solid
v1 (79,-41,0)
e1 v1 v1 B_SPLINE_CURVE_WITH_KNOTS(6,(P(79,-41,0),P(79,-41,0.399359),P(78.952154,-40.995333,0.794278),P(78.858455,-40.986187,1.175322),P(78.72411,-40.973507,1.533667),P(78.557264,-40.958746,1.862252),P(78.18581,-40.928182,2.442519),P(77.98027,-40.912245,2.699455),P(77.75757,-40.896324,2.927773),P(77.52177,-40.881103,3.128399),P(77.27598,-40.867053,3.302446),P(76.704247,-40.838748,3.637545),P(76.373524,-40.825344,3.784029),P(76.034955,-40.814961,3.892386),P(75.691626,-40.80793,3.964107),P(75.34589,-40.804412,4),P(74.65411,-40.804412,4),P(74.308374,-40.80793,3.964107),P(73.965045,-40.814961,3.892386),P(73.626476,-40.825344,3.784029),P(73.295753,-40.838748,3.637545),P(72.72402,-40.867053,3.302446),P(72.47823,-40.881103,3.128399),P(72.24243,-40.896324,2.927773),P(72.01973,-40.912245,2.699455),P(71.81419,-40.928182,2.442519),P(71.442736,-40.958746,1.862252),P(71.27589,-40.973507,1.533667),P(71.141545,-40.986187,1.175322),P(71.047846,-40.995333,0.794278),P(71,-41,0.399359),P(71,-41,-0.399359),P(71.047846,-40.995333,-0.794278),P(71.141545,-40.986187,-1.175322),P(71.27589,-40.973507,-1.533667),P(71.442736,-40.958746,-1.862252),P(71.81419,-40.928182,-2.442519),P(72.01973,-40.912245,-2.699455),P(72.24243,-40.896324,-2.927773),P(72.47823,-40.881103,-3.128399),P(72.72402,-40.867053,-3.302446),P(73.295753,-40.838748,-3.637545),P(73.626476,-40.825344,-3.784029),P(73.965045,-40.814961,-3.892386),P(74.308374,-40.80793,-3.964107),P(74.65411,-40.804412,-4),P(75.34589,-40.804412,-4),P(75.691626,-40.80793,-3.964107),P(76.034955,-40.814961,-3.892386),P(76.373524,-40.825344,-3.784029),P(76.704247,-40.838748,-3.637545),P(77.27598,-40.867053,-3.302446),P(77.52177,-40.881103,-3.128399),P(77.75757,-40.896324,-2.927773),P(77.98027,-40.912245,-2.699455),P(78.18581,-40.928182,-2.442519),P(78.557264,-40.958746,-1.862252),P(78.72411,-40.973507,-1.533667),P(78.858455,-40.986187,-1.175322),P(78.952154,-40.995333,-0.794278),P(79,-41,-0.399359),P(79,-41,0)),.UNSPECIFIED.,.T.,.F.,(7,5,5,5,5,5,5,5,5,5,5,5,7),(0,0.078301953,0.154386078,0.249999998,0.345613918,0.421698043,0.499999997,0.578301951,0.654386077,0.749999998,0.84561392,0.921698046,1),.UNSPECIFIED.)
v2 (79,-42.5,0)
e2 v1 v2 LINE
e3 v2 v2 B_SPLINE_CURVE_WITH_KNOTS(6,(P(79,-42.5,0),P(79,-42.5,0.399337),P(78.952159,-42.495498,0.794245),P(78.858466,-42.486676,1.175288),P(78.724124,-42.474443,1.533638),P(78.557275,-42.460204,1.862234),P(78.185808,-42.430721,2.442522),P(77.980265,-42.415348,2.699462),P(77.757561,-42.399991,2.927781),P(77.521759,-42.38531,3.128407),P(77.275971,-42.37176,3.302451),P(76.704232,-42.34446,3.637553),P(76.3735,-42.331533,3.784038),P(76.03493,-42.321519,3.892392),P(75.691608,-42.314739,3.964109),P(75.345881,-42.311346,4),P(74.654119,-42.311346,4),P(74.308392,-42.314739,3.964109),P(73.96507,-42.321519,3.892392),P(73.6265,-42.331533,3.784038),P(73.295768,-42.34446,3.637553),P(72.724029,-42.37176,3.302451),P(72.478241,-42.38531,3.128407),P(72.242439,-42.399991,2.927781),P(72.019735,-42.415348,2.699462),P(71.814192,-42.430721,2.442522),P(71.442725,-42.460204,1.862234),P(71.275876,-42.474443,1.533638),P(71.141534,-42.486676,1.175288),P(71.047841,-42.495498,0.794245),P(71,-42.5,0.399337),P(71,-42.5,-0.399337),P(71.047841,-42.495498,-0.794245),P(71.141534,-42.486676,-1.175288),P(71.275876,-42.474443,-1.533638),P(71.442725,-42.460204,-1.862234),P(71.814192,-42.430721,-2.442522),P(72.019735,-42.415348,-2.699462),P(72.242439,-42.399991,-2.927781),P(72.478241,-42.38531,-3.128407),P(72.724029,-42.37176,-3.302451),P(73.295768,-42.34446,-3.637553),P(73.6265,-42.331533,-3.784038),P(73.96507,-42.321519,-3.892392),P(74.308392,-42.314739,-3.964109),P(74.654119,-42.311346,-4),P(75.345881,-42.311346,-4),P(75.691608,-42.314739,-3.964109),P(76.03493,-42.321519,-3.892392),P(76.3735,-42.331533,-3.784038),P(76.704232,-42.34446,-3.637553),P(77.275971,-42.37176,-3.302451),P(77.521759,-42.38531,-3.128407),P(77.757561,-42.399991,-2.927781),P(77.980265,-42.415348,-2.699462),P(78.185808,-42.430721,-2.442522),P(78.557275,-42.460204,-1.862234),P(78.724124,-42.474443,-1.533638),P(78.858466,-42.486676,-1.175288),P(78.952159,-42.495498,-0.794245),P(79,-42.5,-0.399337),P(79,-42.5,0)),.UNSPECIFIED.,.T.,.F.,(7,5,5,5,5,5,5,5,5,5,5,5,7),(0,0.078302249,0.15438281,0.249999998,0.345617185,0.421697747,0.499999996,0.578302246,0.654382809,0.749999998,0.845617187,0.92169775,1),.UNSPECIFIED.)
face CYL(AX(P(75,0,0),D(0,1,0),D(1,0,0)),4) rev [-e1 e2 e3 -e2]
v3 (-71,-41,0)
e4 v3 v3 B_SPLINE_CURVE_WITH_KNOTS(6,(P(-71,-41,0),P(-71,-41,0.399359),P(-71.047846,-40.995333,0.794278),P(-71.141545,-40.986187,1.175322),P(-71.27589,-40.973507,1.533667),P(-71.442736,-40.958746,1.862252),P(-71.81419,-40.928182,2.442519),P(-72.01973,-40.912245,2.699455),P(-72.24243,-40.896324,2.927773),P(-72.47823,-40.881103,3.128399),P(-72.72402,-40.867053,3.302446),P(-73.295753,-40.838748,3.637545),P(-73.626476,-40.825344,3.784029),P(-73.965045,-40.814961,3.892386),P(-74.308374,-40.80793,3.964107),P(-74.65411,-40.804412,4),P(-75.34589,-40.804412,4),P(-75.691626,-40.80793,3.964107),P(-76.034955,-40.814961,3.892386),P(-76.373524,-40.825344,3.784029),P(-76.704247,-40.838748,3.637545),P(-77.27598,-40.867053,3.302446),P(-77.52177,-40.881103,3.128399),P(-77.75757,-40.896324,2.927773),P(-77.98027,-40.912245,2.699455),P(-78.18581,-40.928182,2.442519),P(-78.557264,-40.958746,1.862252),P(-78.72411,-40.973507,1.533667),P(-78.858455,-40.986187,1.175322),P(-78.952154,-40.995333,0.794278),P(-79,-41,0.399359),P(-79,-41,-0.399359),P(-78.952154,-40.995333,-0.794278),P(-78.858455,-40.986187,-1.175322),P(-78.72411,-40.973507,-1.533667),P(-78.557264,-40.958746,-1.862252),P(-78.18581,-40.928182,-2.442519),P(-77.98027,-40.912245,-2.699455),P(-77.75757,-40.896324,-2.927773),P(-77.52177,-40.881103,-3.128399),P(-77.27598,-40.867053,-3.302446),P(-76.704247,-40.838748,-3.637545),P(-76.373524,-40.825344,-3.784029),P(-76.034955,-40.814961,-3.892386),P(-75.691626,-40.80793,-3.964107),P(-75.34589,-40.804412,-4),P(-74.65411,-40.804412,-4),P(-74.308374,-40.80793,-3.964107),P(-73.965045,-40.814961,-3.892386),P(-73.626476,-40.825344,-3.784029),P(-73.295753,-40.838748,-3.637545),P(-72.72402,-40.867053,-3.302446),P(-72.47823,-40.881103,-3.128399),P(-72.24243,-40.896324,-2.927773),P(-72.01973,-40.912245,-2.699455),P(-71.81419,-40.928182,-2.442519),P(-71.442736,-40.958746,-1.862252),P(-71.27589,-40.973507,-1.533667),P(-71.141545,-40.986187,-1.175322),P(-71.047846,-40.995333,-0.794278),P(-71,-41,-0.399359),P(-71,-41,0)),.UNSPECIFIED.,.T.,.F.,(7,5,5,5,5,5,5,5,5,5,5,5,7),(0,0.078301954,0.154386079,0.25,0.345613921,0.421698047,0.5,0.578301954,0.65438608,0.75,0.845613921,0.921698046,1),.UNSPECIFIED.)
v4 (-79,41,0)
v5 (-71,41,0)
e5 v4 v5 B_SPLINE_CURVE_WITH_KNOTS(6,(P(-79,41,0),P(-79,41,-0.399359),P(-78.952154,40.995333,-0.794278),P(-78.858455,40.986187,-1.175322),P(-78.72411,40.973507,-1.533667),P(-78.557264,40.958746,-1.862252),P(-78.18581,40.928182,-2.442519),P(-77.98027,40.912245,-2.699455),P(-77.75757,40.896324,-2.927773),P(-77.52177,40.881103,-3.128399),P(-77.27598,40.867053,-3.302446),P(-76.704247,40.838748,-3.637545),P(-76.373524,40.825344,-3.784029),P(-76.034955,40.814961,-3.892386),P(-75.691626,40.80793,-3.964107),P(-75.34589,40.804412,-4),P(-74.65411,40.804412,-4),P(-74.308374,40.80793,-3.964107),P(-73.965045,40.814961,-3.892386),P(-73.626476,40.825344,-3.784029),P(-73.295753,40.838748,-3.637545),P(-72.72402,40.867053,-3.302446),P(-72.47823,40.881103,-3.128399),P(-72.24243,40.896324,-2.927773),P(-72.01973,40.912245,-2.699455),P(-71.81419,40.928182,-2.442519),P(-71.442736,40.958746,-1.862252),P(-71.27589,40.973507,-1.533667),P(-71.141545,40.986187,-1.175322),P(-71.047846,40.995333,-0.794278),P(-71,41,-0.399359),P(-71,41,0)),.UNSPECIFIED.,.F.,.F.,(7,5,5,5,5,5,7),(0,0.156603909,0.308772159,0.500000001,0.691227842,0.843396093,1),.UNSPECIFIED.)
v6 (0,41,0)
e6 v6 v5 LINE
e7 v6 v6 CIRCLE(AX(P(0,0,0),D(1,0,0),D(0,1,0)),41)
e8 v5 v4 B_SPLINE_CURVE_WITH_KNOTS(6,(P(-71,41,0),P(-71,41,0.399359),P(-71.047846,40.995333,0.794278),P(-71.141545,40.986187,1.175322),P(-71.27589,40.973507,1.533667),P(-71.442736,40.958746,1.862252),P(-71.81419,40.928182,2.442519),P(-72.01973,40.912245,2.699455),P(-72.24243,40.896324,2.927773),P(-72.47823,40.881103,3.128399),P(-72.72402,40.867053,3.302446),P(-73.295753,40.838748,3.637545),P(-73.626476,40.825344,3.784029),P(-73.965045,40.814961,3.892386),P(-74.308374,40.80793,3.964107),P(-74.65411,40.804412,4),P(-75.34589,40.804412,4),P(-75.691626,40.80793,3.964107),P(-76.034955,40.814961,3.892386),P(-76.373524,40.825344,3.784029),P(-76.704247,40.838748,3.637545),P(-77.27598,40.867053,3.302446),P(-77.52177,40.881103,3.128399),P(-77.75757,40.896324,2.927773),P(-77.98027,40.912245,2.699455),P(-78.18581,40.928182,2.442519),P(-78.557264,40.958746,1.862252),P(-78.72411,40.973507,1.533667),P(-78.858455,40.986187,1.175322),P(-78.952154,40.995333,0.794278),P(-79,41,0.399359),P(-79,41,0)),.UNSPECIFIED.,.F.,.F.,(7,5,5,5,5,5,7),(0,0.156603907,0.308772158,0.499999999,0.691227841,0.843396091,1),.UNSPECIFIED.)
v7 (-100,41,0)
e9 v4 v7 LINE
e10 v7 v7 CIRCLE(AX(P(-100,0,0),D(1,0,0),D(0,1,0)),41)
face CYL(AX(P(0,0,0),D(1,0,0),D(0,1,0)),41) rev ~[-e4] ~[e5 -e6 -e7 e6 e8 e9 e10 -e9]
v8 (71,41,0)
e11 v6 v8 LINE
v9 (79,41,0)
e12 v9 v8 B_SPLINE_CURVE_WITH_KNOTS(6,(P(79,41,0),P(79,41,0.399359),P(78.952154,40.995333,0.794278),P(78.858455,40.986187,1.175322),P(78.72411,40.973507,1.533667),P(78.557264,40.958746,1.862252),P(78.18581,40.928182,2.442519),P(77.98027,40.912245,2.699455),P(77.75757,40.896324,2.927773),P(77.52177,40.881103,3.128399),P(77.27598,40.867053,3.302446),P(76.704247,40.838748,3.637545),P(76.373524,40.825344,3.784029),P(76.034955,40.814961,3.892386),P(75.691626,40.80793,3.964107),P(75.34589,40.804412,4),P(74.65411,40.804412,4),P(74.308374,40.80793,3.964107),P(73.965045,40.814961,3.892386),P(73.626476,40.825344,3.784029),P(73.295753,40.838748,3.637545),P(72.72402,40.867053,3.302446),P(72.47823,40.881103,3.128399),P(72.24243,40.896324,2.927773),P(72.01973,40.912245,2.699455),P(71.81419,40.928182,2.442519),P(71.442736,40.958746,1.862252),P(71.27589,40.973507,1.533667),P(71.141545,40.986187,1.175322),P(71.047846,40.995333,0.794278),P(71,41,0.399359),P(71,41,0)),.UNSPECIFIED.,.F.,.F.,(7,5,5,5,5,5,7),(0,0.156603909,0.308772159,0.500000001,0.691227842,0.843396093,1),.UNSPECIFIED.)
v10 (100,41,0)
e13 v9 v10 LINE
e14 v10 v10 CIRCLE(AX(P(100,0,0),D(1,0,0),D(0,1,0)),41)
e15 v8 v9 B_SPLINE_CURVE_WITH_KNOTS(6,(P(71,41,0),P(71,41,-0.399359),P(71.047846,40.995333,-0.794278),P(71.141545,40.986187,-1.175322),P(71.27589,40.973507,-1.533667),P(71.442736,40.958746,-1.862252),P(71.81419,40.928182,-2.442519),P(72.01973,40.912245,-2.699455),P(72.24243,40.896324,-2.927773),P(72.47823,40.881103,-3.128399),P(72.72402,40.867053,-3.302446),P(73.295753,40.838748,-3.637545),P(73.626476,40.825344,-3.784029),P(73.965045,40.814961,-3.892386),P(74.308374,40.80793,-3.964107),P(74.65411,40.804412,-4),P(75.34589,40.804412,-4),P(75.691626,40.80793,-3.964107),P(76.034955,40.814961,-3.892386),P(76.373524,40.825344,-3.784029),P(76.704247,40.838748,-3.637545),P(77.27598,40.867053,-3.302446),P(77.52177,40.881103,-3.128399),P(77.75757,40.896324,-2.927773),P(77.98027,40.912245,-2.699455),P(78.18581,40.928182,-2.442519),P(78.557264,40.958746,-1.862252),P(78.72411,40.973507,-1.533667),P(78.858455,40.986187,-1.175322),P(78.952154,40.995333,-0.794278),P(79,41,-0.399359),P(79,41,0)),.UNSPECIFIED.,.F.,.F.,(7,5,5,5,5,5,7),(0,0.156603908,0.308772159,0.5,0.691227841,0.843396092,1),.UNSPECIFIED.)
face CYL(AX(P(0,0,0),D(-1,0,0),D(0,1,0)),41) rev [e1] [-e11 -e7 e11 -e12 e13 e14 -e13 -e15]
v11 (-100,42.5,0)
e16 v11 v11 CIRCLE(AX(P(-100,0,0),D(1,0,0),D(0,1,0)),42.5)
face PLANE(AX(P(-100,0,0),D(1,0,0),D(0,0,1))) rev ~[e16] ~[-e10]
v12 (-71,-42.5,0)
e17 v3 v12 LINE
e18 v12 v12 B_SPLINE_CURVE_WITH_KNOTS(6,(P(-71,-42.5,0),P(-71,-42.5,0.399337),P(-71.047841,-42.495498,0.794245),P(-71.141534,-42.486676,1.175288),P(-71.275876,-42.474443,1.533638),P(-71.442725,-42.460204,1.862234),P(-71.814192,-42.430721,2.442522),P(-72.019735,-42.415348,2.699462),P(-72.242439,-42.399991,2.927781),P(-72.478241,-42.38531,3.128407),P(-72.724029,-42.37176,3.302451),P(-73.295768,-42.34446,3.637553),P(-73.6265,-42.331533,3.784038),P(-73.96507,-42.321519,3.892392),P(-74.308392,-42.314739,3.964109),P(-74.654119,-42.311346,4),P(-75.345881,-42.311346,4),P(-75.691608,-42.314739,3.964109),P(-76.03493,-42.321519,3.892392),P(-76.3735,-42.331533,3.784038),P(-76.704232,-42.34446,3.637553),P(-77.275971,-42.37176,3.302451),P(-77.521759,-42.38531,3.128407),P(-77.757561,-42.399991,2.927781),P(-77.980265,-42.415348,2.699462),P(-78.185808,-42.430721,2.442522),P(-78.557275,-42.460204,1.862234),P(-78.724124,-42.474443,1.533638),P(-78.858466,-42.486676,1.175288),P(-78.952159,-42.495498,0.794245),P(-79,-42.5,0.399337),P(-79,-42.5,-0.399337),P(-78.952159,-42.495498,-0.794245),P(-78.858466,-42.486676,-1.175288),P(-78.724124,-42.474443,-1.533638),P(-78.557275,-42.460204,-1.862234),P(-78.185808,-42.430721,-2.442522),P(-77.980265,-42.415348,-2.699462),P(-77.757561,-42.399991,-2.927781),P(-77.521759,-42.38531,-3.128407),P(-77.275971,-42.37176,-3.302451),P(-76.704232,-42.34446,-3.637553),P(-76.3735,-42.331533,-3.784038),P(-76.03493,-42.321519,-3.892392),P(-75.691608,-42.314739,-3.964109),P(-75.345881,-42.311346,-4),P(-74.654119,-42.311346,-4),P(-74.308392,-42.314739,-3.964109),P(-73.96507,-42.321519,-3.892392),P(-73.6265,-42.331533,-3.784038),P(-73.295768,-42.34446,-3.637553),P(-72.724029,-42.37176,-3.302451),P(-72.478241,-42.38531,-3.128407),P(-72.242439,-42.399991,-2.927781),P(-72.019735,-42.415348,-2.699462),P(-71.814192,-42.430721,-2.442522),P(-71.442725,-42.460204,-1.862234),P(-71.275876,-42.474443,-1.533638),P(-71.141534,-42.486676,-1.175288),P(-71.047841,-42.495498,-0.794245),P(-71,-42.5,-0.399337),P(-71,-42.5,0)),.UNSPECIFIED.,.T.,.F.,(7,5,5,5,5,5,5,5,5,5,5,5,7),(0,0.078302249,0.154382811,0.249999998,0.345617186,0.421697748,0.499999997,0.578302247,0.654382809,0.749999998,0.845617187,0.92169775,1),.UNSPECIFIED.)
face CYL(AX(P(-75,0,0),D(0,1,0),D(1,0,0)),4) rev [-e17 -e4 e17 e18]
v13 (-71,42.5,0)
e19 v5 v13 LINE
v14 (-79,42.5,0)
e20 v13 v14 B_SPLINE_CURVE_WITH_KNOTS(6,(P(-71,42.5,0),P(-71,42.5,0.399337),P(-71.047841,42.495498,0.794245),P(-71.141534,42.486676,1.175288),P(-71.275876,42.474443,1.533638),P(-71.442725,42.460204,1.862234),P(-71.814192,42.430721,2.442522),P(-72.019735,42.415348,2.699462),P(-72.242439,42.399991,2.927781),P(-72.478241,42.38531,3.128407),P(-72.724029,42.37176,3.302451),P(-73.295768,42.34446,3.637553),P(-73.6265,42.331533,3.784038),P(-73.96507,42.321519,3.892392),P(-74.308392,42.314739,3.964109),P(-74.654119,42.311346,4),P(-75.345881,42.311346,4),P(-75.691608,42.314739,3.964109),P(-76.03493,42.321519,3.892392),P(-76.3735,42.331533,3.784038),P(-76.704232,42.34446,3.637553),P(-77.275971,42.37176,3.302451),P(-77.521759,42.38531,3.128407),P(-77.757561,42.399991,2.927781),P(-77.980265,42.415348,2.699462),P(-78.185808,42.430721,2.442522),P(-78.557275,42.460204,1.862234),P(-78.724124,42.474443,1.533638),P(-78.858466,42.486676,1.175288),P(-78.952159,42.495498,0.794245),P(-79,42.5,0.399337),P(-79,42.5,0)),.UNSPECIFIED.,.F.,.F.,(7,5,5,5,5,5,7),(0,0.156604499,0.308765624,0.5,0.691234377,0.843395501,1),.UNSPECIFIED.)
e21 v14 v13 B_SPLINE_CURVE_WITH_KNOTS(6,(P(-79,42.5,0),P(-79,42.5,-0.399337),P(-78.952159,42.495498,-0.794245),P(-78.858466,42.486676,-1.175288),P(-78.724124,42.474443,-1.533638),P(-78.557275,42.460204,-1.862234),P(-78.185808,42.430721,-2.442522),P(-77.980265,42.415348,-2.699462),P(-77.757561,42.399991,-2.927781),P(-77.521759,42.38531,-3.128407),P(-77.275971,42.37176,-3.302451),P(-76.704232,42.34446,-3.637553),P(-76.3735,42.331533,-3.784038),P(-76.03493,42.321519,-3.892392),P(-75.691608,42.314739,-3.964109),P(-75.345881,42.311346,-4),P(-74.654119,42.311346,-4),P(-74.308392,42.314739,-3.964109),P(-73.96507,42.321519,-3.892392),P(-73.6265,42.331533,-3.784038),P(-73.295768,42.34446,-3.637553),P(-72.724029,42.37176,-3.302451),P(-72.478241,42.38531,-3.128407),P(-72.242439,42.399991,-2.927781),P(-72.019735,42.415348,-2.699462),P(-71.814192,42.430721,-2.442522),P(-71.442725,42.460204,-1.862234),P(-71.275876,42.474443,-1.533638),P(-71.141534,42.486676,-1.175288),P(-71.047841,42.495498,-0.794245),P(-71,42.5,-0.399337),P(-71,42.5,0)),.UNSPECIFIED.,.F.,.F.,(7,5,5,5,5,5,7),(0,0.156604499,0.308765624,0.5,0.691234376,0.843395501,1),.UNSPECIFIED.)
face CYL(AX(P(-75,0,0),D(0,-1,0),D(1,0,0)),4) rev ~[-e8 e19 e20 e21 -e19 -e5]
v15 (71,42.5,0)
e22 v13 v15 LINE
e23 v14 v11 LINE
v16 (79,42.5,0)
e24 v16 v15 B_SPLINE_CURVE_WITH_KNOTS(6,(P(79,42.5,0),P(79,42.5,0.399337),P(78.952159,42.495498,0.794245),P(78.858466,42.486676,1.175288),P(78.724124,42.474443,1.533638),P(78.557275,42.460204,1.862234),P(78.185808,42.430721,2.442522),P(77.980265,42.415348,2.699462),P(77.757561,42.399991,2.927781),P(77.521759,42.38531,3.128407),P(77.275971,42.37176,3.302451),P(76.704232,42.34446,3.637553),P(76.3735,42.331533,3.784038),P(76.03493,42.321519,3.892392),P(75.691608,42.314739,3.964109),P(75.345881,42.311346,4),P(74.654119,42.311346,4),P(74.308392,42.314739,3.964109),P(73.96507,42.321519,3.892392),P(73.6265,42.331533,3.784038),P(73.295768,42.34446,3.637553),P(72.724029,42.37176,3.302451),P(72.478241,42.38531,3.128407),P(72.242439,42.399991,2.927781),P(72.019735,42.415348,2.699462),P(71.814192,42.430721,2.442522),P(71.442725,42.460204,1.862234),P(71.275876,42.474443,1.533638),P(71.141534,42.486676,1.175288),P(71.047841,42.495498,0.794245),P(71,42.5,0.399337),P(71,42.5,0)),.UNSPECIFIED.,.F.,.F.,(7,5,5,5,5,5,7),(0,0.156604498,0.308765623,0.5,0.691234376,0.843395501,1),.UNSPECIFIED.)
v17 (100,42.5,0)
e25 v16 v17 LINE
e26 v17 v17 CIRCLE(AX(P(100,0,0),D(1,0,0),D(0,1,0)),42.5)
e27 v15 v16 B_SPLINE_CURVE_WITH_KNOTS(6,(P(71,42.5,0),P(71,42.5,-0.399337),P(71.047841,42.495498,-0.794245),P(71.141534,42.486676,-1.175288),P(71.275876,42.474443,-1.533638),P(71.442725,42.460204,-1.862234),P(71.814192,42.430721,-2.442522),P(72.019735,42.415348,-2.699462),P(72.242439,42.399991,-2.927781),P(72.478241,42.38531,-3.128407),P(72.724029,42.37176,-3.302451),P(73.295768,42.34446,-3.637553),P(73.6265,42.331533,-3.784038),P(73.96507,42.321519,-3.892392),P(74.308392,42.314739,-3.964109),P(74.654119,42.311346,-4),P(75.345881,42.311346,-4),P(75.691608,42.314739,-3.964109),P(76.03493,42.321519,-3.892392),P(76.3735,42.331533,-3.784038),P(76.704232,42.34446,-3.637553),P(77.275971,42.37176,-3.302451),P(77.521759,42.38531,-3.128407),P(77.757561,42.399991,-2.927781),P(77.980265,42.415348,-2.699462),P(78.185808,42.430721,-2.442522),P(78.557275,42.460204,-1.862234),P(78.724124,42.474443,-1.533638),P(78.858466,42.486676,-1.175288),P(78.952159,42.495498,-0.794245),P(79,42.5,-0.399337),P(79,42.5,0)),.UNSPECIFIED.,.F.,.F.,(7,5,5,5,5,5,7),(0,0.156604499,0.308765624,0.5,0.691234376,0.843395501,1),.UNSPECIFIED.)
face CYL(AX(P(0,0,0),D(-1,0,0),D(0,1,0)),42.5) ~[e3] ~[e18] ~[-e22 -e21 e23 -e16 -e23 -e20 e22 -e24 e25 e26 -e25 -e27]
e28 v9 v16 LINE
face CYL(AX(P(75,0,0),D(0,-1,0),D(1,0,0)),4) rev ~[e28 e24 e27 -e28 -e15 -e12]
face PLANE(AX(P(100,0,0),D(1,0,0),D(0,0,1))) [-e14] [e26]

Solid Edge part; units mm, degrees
sketch "Sketch1" plane through (0, 0, 0) normal (1, 0, 0) x (0, 1, 0)
  circle A0 centre (0, 0) radius 42.5
extrude "Protrusion1" add sketch "Sketch1" along normal mid plane 200
sketch "Sketch2" plane through (0, 0, 0) normal (1, 0, 0) x (0, 1, 0)
  circle A0 centre (0, 0) radius 41
extrude "ExtrudedCutout_5" cut sketch "Sketch2" along normal mid plane 200
sketch "Sketch3" plane through (0, 0, 0) normal (0, -1, 0) x (1, 0, 0)
  circle A0 centre (75, 0) radius 4
extrude "ExtrudedCutout_9" cut sketch "Sketch3" along normal mid plane 90
sketch "Sketch4" plane through (0, 0, 0) normal (0, -1, 0) x (1, 0, 0)
  circle A0 centre (-75, 0) radius 4
extrude "ExtrudedProtrusion_6" cut sketch "Sketch4" along normal mid plane 90
